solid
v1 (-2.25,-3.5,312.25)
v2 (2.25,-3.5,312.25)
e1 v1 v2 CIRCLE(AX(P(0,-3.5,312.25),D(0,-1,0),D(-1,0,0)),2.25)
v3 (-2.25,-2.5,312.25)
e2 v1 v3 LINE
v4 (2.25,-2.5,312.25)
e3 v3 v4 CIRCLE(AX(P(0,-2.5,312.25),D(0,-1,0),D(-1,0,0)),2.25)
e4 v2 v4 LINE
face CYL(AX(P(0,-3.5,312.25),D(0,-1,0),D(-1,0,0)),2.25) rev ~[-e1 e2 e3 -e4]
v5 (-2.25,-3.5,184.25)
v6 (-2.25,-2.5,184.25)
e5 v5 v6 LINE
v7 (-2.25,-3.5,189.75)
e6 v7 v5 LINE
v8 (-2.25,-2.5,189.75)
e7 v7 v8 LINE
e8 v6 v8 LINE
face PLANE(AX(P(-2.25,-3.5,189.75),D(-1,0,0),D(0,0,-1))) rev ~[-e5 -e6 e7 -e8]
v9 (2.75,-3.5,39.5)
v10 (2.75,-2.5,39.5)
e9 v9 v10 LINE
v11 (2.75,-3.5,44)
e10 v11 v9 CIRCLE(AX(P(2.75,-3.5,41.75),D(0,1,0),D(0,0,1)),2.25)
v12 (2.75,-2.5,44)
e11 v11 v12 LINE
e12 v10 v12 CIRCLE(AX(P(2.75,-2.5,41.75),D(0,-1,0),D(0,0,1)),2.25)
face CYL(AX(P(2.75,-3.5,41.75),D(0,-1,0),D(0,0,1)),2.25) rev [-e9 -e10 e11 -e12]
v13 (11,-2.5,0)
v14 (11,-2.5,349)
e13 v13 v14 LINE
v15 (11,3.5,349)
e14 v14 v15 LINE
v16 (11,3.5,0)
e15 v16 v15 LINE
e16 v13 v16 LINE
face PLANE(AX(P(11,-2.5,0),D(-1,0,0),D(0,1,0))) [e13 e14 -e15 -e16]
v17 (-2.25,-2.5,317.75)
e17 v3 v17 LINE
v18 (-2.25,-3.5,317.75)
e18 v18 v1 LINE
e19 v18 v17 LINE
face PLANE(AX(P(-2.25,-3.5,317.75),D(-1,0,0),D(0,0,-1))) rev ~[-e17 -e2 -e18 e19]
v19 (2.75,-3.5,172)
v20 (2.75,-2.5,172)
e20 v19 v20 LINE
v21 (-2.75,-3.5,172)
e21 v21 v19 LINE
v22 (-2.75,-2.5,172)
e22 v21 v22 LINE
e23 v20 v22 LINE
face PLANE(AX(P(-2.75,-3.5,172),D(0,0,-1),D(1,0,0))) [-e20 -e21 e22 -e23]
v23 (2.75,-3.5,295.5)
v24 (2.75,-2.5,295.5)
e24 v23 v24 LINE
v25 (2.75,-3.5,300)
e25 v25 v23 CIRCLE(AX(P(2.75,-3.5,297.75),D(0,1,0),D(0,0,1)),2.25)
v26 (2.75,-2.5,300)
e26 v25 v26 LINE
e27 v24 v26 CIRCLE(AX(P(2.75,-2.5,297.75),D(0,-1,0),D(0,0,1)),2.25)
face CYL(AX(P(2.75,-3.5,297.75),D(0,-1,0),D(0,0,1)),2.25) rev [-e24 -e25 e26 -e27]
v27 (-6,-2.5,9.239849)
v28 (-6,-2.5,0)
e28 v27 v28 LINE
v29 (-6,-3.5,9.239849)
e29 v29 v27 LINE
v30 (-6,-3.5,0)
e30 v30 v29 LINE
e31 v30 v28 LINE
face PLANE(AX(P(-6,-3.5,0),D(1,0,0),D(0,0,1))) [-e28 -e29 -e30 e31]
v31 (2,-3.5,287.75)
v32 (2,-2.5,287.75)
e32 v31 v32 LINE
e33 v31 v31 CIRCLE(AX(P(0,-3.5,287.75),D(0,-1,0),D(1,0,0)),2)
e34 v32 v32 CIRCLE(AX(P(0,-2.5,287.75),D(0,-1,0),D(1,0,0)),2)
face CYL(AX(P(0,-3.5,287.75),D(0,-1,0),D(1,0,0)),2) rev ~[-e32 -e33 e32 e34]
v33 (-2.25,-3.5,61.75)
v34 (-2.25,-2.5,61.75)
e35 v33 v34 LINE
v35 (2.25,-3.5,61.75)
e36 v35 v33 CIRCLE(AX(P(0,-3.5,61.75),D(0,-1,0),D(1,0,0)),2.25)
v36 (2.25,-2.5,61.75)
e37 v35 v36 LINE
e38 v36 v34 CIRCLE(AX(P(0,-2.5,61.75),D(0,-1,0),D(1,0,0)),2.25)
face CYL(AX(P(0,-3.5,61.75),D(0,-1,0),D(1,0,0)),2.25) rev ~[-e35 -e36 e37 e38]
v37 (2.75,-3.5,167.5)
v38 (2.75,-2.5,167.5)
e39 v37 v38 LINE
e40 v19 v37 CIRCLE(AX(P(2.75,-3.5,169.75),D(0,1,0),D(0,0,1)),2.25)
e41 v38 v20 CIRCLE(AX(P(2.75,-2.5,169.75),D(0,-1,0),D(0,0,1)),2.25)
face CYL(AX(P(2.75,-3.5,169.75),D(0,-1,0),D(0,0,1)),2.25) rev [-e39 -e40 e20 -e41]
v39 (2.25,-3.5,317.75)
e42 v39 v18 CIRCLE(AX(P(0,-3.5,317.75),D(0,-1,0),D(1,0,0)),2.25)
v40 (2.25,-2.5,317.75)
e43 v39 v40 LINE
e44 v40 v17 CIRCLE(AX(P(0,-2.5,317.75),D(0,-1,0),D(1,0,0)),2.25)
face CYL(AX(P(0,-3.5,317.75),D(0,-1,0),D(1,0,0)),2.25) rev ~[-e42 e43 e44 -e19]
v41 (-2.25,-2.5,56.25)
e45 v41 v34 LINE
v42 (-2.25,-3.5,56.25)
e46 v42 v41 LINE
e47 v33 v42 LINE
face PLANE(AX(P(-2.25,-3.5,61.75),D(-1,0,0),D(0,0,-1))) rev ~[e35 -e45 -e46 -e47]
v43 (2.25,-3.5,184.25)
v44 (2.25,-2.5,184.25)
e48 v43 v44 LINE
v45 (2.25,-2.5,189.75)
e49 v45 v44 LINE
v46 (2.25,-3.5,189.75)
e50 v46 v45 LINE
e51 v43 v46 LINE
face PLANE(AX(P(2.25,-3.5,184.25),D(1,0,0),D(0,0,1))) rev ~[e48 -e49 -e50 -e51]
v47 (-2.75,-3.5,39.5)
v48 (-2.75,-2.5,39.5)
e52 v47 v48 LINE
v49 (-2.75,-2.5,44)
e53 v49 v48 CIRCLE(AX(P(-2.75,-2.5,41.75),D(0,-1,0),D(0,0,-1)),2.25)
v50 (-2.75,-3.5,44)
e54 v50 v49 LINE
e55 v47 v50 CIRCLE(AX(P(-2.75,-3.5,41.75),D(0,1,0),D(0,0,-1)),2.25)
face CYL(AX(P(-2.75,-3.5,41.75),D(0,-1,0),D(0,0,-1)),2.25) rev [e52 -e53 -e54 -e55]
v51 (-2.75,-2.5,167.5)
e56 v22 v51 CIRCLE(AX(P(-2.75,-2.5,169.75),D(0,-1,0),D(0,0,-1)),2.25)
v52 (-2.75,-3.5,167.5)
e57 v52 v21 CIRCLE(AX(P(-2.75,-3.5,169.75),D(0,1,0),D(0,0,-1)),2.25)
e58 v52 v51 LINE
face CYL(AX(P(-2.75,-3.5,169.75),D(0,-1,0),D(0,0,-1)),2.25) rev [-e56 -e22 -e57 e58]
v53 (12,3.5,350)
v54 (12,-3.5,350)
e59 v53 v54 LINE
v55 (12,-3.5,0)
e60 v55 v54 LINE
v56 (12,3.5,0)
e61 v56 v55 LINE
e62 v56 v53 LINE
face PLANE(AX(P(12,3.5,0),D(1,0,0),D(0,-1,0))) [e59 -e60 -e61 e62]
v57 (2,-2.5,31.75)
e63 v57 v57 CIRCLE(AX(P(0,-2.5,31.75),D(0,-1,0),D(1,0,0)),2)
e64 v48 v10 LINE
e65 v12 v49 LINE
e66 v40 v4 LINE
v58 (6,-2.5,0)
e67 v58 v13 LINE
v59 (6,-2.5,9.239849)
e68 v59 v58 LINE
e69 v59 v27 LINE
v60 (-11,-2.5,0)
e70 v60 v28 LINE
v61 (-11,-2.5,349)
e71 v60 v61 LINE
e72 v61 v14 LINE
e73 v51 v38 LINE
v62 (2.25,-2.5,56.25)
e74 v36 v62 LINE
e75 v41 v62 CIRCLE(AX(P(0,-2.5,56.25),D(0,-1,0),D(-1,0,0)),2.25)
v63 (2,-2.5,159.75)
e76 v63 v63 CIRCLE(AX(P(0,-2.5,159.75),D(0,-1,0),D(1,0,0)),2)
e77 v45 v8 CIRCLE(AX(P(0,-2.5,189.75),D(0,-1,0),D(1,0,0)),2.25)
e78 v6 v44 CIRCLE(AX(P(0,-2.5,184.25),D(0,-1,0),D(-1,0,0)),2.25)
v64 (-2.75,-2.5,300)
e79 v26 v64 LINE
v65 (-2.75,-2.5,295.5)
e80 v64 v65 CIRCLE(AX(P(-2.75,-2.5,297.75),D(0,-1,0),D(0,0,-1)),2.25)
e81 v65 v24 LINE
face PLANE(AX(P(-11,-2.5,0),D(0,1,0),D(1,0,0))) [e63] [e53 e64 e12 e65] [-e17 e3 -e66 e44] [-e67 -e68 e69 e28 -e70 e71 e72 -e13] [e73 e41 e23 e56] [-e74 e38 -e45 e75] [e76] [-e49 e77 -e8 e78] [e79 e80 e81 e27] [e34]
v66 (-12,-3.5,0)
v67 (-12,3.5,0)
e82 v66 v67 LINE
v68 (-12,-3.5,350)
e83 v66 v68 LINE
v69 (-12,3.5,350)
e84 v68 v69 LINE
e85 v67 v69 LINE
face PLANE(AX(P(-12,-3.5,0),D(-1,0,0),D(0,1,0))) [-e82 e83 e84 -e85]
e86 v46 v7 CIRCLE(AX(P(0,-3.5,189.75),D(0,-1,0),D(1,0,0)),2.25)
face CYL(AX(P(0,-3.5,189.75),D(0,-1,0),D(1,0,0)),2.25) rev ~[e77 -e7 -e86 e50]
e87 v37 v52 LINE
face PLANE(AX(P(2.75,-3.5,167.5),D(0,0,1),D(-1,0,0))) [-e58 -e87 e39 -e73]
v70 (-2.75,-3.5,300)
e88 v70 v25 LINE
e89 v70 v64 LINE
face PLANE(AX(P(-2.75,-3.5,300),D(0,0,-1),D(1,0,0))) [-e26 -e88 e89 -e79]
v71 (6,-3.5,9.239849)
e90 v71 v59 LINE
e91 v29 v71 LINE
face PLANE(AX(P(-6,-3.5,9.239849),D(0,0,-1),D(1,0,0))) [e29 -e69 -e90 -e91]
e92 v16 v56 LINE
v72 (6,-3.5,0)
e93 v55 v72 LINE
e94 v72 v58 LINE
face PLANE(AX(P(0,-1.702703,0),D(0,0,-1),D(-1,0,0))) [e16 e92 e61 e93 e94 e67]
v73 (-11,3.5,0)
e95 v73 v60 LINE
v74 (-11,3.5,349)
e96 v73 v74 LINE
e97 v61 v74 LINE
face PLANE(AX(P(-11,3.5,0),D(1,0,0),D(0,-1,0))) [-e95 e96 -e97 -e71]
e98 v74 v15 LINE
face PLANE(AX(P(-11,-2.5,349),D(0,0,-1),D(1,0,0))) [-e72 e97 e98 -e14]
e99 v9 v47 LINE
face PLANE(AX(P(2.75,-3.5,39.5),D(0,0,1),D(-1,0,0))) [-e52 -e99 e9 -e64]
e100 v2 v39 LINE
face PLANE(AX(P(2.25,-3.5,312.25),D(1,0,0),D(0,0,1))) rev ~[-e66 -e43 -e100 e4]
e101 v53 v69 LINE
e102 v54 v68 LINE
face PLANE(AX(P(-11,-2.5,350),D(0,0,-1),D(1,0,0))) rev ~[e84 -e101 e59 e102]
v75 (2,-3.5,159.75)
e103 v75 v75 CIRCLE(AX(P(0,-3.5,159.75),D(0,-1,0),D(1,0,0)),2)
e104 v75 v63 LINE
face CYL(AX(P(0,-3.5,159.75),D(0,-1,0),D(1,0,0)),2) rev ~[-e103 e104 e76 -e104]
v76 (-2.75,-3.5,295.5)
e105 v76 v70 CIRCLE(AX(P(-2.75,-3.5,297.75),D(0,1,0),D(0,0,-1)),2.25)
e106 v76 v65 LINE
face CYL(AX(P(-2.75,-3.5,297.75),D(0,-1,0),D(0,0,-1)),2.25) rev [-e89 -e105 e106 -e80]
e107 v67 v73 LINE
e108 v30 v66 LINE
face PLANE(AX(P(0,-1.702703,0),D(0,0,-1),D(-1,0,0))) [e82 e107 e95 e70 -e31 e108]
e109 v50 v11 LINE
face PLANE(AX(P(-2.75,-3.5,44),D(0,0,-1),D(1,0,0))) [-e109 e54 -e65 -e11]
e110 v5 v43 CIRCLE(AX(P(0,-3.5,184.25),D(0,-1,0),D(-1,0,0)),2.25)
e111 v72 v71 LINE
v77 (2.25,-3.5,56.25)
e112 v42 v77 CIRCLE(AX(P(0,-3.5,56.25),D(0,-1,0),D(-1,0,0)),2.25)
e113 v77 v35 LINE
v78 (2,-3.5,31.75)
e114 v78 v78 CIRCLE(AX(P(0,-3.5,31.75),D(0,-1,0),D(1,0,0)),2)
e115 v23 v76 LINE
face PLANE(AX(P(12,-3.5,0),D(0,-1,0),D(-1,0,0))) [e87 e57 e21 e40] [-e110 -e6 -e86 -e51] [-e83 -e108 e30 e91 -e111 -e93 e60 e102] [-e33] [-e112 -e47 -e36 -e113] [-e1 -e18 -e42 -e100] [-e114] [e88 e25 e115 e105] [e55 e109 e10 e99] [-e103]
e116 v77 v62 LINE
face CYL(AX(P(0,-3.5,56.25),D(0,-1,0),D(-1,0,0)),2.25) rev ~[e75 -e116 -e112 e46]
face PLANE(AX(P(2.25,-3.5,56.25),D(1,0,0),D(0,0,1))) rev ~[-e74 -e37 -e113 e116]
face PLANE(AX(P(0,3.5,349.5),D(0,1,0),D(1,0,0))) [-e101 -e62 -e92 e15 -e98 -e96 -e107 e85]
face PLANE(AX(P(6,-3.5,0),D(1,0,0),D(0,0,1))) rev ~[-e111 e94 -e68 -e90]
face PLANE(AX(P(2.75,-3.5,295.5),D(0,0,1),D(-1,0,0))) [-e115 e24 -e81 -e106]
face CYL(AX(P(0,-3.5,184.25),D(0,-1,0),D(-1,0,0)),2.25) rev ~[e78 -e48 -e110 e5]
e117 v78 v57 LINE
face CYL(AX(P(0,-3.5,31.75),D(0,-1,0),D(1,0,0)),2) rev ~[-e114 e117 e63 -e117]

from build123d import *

# Parameters (mm, degrees)
EXTRUDE_1_DEPTH     = 350
SKETCH_2_R          = 2
SKETCH_2_W          = 12
SKETCH_2_H          = 9.239849372
CUT_EXTRUDE_1_DEPTH = 3500
SKETCH_3_W          = 22
SKETCH_3_H          = 1
EXTRUDE_2_DEPTH     = 6


with BuildPart() as part:
    # 草图1 → 凸台-拉伸1 (new body)
    with BuildSketch(Plane.XY):
        Polygon((-12, 3.5), (-11, 3.5), (-11, -2.5), (11, -2.5), (11, 3.5), (12, 3.5), (12, -3.5), (-12, -3.5), align=None)
    extrude(amount=EXTRUDE_1_DEPTH)

    # 草图2 → 切除-拉伸1 (cut)
    with BuildSketch(Plane.XZ.offset(3.5)):
        with Locations((0, 287.75)):
            Circle(SKETCH_2_R)
        with Locations((0, 159.75)):
            Circle(SKETCH_2_R)
        with Locations((0, 31.75)):
            Circle(SKETCH_2_R)
        with BuildLine():
            Line((-2.75, 300), (2.75, 300))
            ThreePointArc((2.75, 300), (5, 297.75), (2.75, 295.5))
            Line((2.75, 295.5), (-2.75, 295.5))
            ThreePointArc((-2.75, 295.5), (-5, 297.75), (-2.75, 300))
        make_face()
        with BuildLine():
            Line((-2.25, 317.75), (-2.25, 312.25))
            ThreePointArc((-2.25, 312.25), (0, 310), (2.25, 312.25))
            Line((2.25, 312.25), (2.25, 317.75))
            ThreePointArc((2.25, 317.75), (0, 320), (-2.25, 317.75))
        make_face()
        with BuildLine():
            Line((-2.25, 189.75), (-2.25, 184.25))
            ThreePointArc((-2.25, 184.25), (0, 182), (2.25, 184.25))
            Line((2.25, 184.25), (2.25, 189.75))
            ThreePointArc((2.25, 189.75), (0, 192), (-2.25, 189.75))
        make_face()
        with BuildLine():
            Line((2.75, 167.5), (-2.75, 167.5))
            ThreePointArc((-2.75, 167.5), (-5, 169.75), (-2.75, 172))
            Line((-2.75, 172), (2.75, 172))
            ThreePointArc((2.75, 172), (5, 169.75), (2.75, 167.5))
        make_face()
        with BuildLine():
            Line((-2.25, 61.75), (-2.25, 56.25))
            ThreePointArc((-2.25, 56.25), (0, 54), (2.25, 56.25))
            Line((2.25, 56.25), (2.25, 61.75))
            ThreePointArc((2.25, 61.75), (0, 64), (-2.25, 61.75))
        make_face()
        with BuildLine():
            Line((2.75, 39.5), (-2.75, 39.5))
            ThreePointArc((-2.75, 39.5), (-5, 41.75), (-2.75, 44))
            Line((-2.75, 44), (2.75, 44))
            ThreePointArc((2.75, 44), (5, 41.75), (2.75, 39.5))
        make_face()
        with Locations((0, 4.619924686)):
            Rectangle(SKETCH_2_W, SKETCH_2_H)
    extrude(amount=-CUT_EXTRUDE_1_DEPTH, mode=Mode.SUBTRACT)

    # 草图3 → 凸台-拉伸2 (add)
    with BuildSketch(Plane(origin=(0, -2.5, 0), x_dir=(1, 0, 0), z_dir=(0, 1, 0))):
        with Locations((0, -349.5)):
            Rectangle(SKETCH_3_W, SKETCH_3_H)
    extrude(amount=EXTRUDE_2_DEPTH)


solid = part.part
